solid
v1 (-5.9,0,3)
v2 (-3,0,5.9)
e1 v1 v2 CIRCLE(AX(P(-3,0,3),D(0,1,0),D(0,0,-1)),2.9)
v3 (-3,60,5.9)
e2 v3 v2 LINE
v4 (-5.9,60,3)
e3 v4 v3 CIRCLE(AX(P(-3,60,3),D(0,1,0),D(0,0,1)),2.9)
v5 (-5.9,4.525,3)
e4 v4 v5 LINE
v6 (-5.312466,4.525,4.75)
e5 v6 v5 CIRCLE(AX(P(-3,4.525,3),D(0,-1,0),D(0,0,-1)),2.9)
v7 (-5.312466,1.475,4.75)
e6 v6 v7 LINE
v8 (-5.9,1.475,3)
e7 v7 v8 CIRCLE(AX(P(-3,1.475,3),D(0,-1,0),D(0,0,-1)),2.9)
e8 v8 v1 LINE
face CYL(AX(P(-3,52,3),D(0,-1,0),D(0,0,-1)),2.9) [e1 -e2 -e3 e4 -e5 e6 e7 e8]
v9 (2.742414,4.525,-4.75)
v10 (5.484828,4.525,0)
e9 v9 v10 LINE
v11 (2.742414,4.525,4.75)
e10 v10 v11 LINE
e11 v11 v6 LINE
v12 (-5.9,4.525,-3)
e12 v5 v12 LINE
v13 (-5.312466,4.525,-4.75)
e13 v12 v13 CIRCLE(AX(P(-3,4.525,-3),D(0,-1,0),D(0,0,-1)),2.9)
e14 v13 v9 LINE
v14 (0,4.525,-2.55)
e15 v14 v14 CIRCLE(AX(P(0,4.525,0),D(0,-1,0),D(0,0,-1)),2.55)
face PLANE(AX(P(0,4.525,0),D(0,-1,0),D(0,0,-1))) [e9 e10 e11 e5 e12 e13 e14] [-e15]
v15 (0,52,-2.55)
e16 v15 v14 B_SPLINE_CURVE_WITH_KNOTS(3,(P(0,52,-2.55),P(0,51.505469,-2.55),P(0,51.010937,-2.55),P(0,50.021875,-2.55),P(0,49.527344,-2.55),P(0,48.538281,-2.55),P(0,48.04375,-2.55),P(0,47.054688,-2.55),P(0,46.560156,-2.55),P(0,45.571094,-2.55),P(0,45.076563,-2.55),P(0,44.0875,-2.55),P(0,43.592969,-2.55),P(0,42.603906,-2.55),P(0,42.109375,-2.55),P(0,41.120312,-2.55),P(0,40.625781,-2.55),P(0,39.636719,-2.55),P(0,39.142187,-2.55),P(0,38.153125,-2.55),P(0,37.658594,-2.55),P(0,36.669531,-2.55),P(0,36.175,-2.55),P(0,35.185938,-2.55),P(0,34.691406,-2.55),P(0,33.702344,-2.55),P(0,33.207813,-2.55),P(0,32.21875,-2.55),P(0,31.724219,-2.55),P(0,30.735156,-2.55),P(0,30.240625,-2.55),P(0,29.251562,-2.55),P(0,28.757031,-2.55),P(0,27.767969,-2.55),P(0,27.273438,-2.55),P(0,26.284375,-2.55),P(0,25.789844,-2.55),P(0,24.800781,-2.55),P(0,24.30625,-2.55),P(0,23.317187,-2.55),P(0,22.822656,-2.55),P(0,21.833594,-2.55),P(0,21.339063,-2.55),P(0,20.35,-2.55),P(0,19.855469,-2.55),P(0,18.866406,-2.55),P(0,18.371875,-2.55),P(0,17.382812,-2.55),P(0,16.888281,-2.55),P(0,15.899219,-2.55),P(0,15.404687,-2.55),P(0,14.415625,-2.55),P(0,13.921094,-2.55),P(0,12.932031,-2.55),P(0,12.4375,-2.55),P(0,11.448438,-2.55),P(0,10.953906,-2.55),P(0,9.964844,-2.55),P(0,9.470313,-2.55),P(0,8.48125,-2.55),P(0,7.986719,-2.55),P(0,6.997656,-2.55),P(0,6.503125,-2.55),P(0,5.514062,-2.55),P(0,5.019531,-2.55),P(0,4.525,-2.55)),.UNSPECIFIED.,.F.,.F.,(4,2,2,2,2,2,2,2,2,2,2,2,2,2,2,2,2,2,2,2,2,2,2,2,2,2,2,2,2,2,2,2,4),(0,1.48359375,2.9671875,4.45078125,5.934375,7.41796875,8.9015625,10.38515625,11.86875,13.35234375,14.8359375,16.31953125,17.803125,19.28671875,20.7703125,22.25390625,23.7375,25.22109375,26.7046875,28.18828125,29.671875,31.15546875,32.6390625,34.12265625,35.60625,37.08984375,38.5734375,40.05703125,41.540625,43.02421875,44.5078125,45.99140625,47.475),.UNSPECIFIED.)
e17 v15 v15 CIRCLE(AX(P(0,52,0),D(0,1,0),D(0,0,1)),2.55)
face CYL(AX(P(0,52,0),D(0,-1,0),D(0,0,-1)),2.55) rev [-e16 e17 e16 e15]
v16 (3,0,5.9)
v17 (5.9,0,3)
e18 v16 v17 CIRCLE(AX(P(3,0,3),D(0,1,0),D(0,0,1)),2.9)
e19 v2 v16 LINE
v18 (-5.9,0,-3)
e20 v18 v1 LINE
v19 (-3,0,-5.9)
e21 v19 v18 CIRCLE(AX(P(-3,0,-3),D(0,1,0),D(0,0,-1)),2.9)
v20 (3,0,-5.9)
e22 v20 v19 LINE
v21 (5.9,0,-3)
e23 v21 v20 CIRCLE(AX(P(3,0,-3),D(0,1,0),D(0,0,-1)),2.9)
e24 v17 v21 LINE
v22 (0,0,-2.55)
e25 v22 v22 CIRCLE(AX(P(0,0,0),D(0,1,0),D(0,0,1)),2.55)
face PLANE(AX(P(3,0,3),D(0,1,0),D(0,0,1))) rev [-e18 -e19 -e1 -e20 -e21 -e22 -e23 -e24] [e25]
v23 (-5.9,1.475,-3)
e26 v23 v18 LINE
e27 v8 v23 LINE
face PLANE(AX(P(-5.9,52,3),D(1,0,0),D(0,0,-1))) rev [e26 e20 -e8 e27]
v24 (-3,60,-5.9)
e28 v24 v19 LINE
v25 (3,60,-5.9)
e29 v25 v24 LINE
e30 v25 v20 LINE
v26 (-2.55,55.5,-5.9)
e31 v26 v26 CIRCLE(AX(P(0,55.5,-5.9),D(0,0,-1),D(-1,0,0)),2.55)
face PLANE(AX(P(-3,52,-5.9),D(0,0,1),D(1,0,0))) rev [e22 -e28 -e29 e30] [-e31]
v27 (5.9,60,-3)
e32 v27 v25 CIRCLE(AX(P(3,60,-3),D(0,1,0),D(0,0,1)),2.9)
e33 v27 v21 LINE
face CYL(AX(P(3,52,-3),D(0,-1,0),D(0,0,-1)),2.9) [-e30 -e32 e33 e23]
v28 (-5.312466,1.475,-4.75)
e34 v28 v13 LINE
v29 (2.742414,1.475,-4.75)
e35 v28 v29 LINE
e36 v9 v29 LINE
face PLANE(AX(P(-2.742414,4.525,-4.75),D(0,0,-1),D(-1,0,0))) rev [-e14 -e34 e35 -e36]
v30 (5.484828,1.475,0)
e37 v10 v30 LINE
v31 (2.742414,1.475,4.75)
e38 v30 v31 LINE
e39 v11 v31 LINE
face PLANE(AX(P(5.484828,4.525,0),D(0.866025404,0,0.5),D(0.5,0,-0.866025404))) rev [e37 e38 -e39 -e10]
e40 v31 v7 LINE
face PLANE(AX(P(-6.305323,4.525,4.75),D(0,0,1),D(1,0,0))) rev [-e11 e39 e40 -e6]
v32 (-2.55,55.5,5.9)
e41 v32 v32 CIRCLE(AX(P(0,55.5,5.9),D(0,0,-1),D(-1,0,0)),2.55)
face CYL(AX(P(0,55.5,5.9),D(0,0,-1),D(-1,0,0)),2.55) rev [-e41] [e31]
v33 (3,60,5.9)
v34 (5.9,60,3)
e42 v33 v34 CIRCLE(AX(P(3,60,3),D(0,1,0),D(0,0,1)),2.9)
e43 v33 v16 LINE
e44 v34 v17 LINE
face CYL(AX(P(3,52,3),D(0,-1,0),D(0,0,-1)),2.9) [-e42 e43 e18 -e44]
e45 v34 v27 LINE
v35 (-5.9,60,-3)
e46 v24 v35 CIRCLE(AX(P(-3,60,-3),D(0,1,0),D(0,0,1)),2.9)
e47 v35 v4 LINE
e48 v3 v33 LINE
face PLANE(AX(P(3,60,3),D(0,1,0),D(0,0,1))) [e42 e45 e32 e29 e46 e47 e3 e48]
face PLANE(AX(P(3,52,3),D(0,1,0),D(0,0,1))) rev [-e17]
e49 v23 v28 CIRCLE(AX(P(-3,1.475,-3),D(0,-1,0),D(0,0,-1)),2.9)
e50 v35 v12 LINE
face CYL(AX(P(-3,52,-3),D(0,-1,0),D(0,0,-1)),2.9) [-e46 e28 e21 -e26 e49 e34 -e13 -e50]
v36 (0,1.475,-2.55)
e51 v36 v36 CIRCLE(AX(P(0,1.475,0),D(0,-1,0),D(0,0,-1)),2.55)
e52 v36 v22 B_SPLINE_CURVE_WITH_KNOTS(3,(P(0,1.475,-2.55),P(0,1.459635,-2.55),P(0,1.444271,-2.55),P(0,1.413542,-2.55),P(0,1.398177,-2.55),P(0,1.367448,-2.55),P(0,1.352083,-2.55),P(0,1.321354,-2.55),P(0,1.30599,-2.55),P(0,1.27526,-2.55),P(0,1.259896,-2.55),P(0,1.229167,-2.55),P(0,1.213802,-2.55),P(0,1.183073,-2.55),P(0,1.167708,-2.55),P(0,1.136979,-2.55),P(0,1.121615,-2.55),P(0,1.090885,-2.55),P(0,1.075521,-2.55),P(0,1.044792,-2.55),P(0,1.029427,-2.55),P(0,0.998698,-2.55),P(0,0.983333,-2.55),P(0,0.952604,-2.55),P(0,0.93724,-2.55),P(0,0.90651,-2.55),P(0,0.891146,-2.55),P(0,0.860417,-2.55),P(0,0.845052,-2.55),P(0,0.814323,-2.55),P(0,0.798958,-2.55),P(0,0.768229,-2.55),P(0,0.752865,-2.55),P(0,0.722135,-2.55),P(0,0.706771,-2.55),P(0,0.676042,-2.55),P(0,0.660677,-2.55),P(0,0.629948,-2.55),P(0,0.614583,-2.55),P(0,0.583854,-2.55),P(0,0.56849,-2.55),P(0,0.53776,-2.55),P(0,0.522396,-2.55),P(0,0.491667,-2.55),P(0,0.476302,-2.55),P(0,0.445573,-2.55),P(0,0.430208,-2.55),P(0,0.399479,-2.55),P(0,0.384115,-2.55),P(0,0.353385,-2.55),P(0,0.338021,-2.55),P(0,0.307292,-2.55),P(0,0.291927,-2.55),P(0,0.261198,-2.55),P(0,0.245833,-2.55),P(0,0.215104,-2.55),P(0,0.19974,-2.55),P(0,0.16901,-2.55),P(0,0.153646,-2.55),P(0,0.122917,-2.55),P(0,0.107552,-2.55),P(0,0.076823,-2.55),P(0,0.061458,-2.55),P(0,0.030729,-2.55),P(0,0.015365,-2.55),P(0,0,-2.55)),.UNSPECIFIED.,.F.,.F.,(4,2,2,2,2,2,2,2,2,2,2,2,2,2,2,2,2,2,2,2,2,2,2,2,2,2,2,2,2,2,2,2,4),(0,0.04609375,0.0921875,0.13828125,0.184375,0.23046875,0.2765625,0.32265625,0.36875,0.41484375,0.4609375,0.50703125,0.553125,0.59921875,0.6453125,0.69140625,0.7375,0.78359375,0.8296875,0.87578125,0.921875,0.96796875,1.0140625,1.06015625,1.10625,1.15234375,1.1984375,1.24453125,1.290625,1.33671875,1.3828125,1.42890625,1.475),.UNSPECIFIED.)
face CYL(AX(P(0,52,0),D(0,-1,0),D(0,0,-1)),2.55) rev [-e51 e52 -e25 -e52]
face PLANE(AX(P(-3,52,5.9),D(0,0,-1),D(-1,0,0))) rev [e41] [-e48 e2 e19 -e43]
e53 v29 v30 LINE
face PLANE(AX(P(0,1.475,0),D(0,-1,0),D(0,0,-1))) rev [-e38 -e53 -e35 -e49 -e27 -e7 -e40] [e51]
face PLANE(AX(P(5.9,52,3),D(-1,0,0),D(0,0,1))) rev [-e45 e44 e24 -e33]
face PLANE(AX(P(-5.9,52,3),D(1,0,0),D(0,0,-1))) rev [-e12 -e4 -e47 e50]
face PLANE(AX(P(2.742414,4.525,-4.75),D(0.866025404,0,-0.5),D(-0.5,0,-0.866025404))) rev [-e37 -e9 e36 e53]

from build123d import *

# Parameters (mm, degrees)
SKETCH1_R           = 2.55
BOSS_EXTRUDE1_DEPTH = 52
BOSS_EXTRUDE2_DEPTH = 8
CUT_EXTRUDE1_DEPTH  = 1.525
SKETCH4_R           = 2.55
CUT_EXTRUDE2_DEPTH  = 62.43329716


with BuildPart() as part:
    # Sketch1 → Boss-Extrude1 (new body)
    with BuildSketch(Plane(origin=(0, 0, 0), x_dir=(1, 0, 0), z_dir=(0, 1, 0))):
        with BuildLine():
            Line((-3, -5.9), (3, -5.9))
            ThreePointArc((3, -5.9), (5.050609665, -5.050609665), (5.9, -3))
            Line((5.9, -3), (5.9, 3))
            ThreePointArc((5.9, 3), (5.050609665, 5.050609665), (3, 5.9))
            Line((3, 5.9), (-3, 5.9))
            ThreePointArc((-3, 5.9), (-5.050609665, 5.050609665), (-5.9, 3))
            Line((-5.9, 3), (-5.9, -3))
            ThreePointArc((-5.9, -3), (-5.050609665, -5.050609665), (-3, -5.9))
        make_face()
        with Locations(Location((0, 0, 0), (0, 0, 90))):
            Circle(SKETCH1_R, mode=Mode.SUBTRACT)
    extrude(amount=BOSS_EXTRUDE1_DEPTH)

    # Sketch2 → Boss-Extrude2 (add)
    with BuildSketch(Plane(origin=(0, 52, 0), x_dir=(1, 0, 0), z_dir=(0, 1, 0))):
        with BuildLine():
            Line((5.9, -3), (5.9, 3))
            ThreePointArc((5.9, 3), (5.050609665, 5.050609665), (3, 5.9))
            Line((3, 5.9), (-3, 5.9))
            ThreePointArc((-3, 5.9), (-5.050609665, 5.050609665), (-5.9, 3))
            Line((-5.9, 3), (-5.9, -3))
            ThreePointArc((-5.9, -3), (-5.050609665, -5.050609665), (-3, -5.9))
            Line((-3, -5.9), (3, -5.9))
            ThreePointArc((3, -5.9), (5.050609665, -5.050609665), (5.9, -3))
        make_face()
    extrude(amount=BOSS_EXTRUDE2_DEPTH)

    # Sketch3 → Cut-Extrude1 (cut, symmetric)
    with BuildSketch(Plane(origin=(0, 3, 0), x_dir=(-1, 0, 0), z_dir=(0, -1, 0))):
        Polygon((2.742413779, 4.75), (6.305323331, 4.75), (6.305323331, -4.75), (2.742413779, -4.75), (-2.742413779, -4.75), (-5.484827557, 0), (-2.742413779, 4.75), align=None)
    extrude(amount=CUT_EXTRUDE1_DEPTH, both=True, mode=Mode.SUBTRACT)

    # Sketch4 → Cut-Extrude2 (cut, through all)
    with BuildSketch(Plane(origin=(0, 0, -5.9), x_dir=(-1, 0, 0), z_dir=(0, 0, -1))):
        with Locations((0, 55.5)):
            Circle(SKETCH4_R)
    extrude(amount=-CUT_EXTRUDE2_DEPTH, mode=Mode.SUBTRACT)


solid = part.part
